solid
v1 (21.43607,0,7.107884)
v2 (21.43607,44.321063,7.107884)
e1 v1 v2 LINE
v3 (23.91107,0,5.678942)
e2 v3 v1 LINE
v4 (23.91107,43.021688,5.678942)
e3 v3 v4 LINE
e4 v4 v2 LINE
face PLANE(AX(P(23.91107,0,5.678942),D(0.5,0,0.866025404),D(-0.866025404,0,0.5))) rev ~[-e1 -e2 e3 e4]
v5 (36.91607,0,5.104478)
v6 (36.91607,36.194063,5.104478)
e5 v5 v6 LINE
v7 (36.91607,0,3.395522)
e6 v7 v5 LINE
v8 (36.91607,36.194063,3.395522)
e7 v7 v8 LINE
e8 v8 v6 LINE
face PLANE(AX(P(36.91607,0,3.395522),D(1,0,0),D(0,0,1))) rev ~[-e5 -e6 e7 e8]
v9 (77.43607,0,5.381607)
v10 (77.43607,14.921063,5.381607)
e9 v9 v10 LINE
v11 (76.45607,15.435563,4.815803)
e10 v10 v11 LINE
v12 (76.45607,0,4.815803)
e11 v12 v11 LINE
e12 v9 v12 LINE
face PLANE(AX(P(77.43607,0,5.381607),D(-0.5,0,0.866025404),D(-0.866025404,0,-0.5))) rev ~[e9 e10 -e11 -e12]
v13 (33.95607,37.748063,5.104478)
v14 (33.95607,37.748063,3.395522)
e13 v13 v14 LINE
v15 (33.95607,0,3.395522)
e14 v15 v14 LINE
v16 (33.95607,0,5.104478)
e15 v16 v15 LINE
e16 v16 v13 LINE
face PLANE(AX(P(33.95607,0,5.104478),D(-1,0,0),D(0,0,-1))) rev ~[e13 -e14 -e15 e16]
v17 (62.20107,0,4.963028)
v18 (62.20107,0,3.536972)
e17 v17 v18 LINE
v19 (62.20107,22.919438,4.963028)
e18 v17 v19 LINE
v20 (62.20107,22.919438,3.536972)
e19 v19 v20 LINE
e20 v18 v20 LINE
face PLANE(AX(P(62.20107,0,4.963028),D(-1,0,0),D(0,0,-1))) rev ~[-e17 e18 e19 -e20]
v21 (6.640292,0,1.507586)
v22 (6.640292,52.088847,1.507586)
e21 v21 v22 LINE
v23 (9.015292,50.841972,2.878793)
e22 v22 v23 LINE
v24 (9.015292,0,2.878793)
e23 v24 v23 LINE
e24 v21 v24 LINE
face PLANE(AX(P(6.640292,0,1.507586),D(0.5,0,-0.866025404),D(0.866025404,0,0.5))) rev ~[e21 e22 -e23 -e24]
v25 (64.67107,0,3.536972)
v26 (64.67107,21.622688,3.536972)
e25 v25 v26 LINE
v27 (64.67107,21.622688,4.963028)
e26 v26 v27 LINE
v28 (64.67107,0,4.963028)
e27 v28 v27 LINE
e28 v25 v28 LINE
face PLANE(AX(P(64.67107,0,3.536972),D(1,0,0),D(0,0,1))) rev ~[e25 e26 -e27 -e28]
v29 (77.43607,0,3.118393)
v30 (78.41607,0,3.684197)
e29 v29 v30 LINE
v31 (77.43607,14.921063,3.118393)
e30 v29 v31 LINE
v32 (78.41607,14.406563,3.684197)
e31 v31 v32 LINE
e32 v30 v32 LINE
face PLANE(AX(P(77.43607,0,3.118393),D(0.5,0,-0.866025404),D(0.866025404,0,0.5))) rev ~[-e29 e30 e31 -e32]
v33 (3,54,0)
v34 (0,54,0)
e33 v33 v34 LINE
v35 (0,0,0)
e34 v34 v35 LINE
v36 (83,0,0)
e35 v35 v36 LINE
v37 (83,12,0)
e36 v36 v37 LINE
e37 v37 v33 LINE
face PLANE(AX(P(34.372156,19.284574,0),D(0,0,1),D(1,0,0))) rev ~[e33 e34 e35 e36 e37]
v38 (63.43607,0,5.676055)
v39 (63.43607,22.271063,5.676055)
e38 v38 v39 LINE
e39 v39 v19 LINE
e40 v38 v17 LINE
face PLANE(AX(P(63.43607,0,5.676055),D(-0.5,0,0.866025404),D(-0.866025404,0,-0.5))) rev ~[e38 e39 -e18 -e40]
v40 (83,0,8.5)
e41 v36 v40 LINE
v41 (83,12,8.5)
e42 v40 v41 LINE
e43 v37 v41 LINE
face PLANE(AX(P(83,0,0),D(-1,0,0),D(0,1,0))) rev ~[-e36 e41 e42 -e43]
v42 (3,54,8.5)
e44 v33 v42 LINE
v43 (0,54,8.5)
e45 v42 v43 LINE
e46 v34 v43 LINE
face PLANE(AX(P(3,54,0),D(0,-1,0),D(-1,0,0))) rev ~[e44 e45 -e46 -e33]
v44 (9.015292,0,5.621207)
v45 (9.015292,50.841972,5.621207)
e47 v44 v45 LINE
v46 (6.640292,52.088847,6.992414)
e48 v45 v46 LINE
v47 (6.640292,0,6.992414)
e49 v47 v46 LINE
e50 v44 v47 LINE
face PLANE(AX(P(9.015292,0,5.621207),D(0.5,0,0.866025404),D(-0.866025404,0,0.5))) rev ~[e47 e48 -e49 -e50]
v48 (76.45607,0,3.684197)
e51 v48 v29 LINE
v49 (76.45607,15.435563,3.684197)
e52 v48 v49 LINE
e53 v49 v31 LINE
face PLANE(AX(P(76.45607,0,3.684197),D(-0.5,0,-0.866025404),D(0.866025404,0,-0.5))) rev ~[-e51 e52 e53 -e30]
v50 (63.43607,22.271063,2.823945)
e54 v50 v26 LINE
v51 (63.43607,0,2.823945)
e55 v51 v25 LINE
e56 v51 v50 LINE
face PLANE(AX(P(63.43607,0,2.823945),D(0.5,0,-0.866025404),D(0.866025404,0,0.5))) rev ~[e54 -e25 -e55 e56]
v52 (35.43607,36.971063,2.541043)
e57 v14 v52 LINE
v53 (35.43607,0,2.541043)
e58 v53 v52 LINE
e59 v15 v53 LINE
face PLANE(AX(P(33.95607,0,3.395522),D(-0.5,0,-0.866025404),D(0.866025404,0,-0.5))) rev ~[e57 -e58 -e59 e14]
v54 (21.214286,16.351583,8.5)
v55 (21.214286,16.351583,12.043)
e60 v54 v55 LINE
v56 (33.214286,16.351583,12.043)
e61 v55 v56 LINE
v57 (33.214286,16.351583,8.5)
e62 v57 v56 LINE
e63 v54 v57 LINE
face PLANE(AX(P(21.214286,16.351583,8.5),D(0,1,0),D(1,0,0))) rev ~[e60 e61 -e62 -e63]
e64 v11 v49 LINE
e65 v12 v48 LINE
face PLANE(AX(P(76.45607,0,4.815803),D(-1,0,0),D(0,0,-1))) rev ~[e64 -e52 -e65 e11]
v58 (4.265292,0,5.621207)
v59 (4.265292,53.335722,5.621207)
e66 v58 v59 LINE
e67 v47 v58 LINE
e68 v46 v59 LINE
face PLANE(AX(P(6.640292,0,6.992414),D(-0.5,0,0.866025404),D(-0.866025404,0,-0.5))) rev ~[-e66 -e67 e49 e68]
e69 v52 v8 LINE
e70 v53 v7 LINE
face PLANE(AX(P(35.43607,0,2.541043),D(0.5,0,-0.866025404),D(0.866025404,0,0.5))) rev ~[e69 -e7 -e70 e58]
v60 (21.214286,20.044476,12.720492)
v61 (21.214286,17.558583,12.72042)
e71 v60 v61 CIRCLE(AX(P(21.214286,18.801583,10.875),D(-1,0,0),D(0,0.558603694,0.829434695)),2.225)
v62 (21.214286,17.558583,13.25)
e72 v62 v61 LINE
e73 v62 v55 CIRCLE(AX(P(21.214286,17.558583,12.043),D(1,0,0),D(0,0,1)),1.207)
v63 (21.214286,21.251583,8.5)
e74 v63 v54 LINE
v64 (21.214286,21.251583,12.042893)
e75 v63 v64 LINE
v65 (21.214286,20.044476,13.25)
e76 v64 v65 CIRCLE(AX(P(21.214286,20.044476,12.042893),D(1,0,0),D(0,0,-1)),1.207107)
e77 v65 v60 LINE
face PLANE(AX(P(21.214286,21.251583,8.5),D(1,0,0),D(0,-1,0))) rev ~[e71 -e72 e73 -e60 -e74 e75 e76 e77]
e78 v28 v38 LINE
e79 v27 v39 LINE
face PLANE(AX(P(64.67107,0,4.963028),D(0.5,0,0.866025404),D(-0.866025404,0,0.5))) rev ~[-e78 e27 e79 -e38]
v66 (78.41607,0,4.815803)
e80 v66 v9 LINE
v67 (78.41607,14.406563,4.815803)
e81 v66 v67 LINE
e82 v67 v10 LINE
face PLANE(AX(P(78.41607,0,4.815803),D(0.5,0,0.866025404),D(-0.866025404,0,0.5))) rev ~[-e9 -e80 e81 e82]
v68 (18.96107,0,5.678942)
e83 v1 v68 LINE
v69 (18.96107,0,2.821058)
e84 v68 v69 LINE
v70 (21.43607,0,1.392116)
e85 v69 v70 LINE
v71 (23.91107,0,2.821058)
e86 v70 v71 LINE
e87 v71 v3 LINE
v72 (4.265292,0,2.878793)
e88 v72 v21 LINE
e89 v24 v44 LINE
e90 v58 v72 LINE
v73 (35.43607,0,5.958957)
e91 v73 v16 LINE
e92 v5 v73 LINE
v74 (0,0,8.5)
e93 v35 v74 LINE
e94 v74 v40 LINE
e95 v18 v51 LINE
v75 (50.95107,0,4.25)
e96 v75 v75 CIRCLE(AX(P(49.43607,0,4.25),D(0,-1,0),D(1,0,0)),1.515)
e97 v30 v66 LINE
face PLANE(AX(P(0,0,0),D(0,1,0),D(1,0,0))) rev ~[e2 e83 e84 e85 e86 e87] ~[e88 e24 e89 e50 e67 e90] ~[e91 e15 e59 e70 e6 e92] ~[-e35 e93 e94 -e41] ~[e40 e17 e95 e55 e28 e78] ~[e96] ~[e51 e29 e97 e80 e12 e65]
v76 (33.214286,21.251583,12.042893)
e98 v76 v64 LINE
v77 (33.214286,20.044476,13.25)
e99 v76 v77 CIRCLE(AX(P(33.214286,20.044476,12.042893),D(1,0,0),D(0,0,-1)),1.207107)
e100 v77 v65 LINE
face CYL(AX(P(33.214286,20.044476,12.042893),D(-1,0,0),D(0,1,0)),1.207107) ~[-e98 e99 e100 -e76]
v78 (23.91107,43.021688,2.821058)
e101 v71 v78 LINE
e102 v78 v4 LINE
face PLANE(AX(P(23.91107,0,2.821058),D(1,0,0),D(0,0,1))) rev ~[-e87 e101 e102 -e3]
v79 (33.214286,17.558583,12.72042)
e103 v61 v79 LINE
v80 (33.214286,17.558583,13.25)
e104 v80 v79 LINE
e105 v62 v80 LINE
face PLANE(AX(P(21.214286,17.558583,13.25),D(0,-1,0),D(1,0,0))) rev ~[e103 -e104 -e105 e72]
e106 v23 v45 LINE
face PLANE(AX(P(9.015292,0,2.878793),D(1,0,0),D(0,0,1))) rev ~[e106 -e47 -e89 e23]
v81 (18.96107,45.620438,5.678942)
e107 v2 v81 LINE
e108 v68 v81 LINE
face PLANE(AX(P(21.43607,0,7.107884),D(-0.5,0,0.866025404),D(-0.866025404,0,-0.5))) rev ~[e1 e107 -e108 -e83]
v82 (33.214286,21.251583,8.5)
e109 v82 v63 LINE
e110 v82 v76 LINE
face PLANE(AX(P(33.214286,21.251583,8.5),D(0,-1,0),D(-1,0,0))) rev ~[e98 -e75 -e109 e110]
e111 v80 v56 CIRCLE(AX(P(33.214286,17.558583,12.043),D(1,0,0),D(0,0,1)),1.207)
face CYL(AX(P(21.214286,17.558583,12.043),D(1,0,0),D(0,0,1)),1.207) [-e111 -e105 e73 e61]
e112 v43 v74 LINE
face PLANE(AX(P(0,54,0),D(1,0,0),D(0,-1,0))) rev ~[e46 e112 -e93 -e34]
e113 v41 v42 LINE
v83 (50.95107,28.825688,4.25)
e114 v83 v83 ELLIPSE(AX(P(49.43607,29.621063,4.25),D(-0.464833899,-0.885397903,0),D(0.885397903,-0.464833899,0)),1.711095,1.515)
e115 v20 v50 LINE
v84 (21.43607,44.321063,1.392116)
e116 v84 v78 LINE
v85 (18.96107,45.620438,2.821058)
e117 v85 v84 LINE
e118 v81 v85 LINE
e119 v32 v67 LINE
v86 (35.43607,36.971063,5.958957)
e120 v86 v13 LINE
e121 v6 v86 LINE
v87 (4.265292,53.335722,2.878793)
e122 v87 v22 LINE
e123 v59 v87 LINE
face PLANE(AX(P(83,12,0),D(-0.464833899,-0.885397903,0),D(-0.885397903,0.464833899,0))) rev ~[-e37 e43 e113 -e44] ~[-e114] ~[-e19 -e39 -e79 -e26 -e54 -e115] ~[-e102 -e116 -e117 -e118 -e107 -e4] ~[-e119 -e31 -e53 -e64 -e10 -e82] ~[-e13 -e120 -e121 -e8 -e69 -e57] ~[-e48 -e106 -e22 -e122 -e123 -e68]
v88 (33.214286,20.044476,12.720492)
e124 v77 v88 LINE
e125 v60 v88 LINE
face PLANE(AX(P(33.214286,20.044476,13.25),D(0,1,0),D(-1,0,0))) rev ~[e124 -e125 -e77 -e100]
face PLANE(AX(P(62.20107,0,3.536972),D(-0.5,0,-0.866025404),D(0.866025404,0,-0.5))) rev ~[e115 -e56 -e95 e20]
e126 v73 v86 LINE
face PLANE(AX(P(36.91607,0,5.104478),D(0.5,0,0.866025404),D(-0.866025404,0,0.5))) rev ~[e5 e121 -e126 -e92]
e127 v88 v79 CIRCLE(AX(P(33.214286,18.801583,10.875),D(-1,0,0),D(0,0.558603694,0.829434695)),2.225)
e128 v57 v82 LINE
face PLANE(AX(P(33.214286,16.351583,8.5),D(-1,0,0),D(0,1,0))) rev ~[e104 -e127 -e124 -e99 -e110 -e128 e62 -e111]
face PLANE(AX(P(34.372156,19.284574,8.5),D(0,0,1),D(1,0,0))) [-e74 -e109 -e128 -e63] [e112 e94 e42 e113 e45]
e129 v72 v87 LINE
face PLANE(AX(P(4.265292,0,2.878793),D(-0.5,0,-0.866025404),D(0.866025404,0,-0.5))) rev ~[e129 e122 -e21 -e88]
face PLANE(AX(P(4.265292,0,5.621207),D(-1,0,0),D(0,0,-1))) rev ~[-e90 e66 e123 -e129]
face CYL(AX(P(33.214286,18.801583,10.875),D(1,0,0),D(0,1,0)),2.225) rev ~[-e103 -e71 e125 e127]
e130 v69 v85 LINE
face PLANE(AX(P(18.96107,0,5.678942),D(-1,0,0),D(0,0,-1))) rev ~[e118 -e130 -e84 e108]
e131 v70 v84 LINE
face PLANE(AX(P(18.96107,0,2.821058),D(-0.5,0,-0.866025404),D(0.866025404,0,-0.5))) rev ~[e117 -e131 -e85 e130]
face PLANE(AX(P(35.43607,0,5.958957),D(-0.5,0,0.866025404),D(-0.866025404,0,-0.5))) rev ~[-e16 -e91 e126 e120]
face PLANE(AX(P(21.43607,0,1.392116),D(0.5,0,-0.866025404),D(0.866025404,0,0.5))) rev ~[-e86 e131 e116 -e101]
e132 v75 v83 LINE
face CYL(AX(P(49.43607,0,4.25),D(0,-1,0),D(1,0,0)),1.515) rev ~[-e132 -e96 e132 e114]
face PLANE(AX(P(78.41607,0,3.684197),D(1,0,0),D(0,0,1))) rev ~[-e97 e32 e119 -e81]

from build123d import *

# Parameters (mm, degrees)
F1_DEPTH  = 8.5
F3_DEPTH  = 68.6
F4_W      = 6
F4_H      = 2.45
F5_DEPTH  = 4.75
F6_R      = 2.225
F7_DEPTH  = 25
F8_R      = 1.2071067812
F9_R      = 1.207
F10_DEPTH = 3


with BuildPart() as f1:
    # F0 (on Top) → F1 (new body)
    with BuildSketch(Plane.XY):
        Polygon((0, 54), (0, 0), (83, 0), (83, 12), (3, 54), align=None)
    extrude(amount=F1_DEPTH)

    # F2 (on face) → F3 (cut)
    with BuildSketch(Plane.XZ):
        Polygon((9.015292082, 4.25), (4.265292082, 4.25), (4.265292082, 2.8787931107), (6.640292082, 1.5075862213), (9.015292082, 2.8787931107), align=None)
        Polygon((4.265292082, 5.6212068893), (4.265292082, 4.25), (9.015292082, 4.25), (9.015292082, 5.6212068893), (6.640292082, 6.9924137787), align=None)
        Polygon((18.96107, 5.6789419162), (18.96107, 4.25), (21.43607, 4.25), (23.91107, 4.25), (23.91107, 5.6789419162), (21.43607, 7.1078838325), align=None)
        Polygon((21.43607, 4.25), (18.96107, 4.25), (18.96107, 2.8210580838), (21.43607, 1.3921161675), (23.91107, 2.8210580838), (23.91107, 4.25), align=None)
        Polygon((33.95607, 5.1044783984), (33.95607, 4.25), (35.43607, 4.25), (36.91607, 4.25), (36.91607, 5.1044783984), (35.43607, 5.9589567968), align=None)
        Polygon((35.43607, 4.25), (33.95607, 4.25), (33.95607, 3.3955216016), (35.43607, 2.5410432032), (36.91607, 3.3955216016), (36.91607, 4.25), align=None)
        with BuildLine():
            Line((49.43607, 4.25), (47.92107, 4.25))
            ThreePointArc((47.92107, 4.25), (49.43607, 2.735), (50.95107, 4.25))
            Line((50.95107, 4.25), (49.43607, 4.25))
        make_face()
        with BuildLine():
            ThreePointArc((50.95107, 4.25), (49.43607, 5.765), (47.92107, 4.25))
            Line((47.92107, 4.25), (49.43607, 4.25))
            Line((49.43607, 4.25), (50.95107, 4.25))
        make_face()
        Polygon((62.20107, 4.9630275824), (62.20107, 4.25), (63.43607, 4.25), (64.67107, 4.25), (64.67107, 4.9630275824), (63.43607, 5.6760551649), align=None)
        Polygon((63.43607, 4.25), (62.20107, 4.25), (62.20107, 3.5369724176), (63.43607, 2.8239448351), (64.67107, 3.5369724176), (64.67107, 4.25), align=None)
        Polygon((77.43607, 4.25), (76.45607, 4.25), (76.45607, 3.6841967362), (77.43607, 3.1183934724), (78.41607, 3.6841967362), (78.41607, 4.25), align=None)
        Polygon((76.45607, 4.8158032638), (76.45607, 4.25), (77.43607, 4.25), (78.41607, 4.25), (78.41607, 4.8158032638), (77.43607, 5.3816065276), align=None)
    extrude(amount=-F3_DEPTH, mode=Mode.SUBTRACT)

    # F4 (on face) → F5 (join)
    with BuildSketch(Plane.XY.offset(8.5)):
        with Locations((30.2142857143, 17.5765829772)):
            Rectangle(F4_W, F4_H)
        with Locations((24.2142857143, 20.0265829772)):
            Rectangle(F4_W, F4_H)
        with Locations((24.2142857143, 17.5765829772)):
            Rectangle(F4_W, F4_H)
        with Locations((30.2142857143, 20.0265829772)):
            Rectangle(F4_W, F4_H)
    extrude(amount=F5_DEPTH)

    # F6 (on face) → F7 (cut)
    with BuildSketch(Plane.YZ.offset(33.2142857143)):
        with Locations((18.8015829772, 10.875)):
            Circle(F6_R)
    extrude(amount=-F7_DEPTH, mode=Mode.SUBTRACT)

    # F8
    f8_edges = [f1.edges().sort_by_distance(p)[0] for p in [
        (27.214286, 21.251583, 13.25),
    ]]
    fillet(f8_edges, radius=F8_R)

    # F9
    f9_edges = [f1.edges().sort_by_distance(p)[0] for p in [
        (27.214286, 16.351583, 13.25),
    ]]
    fillet(f9_edges, radius=F9_R)

    # F10 (cut): a face of the model
    f10_faces = [f1.faces().sort_by_distance(p)[0] for p in [
        (27.2142857143, 18.8015295866, 13.25),
    ]]
    extrude(f10_faces, amount=-F10_DEPTH, mode=Mode.SUBTRACT)


solid = f1.part
